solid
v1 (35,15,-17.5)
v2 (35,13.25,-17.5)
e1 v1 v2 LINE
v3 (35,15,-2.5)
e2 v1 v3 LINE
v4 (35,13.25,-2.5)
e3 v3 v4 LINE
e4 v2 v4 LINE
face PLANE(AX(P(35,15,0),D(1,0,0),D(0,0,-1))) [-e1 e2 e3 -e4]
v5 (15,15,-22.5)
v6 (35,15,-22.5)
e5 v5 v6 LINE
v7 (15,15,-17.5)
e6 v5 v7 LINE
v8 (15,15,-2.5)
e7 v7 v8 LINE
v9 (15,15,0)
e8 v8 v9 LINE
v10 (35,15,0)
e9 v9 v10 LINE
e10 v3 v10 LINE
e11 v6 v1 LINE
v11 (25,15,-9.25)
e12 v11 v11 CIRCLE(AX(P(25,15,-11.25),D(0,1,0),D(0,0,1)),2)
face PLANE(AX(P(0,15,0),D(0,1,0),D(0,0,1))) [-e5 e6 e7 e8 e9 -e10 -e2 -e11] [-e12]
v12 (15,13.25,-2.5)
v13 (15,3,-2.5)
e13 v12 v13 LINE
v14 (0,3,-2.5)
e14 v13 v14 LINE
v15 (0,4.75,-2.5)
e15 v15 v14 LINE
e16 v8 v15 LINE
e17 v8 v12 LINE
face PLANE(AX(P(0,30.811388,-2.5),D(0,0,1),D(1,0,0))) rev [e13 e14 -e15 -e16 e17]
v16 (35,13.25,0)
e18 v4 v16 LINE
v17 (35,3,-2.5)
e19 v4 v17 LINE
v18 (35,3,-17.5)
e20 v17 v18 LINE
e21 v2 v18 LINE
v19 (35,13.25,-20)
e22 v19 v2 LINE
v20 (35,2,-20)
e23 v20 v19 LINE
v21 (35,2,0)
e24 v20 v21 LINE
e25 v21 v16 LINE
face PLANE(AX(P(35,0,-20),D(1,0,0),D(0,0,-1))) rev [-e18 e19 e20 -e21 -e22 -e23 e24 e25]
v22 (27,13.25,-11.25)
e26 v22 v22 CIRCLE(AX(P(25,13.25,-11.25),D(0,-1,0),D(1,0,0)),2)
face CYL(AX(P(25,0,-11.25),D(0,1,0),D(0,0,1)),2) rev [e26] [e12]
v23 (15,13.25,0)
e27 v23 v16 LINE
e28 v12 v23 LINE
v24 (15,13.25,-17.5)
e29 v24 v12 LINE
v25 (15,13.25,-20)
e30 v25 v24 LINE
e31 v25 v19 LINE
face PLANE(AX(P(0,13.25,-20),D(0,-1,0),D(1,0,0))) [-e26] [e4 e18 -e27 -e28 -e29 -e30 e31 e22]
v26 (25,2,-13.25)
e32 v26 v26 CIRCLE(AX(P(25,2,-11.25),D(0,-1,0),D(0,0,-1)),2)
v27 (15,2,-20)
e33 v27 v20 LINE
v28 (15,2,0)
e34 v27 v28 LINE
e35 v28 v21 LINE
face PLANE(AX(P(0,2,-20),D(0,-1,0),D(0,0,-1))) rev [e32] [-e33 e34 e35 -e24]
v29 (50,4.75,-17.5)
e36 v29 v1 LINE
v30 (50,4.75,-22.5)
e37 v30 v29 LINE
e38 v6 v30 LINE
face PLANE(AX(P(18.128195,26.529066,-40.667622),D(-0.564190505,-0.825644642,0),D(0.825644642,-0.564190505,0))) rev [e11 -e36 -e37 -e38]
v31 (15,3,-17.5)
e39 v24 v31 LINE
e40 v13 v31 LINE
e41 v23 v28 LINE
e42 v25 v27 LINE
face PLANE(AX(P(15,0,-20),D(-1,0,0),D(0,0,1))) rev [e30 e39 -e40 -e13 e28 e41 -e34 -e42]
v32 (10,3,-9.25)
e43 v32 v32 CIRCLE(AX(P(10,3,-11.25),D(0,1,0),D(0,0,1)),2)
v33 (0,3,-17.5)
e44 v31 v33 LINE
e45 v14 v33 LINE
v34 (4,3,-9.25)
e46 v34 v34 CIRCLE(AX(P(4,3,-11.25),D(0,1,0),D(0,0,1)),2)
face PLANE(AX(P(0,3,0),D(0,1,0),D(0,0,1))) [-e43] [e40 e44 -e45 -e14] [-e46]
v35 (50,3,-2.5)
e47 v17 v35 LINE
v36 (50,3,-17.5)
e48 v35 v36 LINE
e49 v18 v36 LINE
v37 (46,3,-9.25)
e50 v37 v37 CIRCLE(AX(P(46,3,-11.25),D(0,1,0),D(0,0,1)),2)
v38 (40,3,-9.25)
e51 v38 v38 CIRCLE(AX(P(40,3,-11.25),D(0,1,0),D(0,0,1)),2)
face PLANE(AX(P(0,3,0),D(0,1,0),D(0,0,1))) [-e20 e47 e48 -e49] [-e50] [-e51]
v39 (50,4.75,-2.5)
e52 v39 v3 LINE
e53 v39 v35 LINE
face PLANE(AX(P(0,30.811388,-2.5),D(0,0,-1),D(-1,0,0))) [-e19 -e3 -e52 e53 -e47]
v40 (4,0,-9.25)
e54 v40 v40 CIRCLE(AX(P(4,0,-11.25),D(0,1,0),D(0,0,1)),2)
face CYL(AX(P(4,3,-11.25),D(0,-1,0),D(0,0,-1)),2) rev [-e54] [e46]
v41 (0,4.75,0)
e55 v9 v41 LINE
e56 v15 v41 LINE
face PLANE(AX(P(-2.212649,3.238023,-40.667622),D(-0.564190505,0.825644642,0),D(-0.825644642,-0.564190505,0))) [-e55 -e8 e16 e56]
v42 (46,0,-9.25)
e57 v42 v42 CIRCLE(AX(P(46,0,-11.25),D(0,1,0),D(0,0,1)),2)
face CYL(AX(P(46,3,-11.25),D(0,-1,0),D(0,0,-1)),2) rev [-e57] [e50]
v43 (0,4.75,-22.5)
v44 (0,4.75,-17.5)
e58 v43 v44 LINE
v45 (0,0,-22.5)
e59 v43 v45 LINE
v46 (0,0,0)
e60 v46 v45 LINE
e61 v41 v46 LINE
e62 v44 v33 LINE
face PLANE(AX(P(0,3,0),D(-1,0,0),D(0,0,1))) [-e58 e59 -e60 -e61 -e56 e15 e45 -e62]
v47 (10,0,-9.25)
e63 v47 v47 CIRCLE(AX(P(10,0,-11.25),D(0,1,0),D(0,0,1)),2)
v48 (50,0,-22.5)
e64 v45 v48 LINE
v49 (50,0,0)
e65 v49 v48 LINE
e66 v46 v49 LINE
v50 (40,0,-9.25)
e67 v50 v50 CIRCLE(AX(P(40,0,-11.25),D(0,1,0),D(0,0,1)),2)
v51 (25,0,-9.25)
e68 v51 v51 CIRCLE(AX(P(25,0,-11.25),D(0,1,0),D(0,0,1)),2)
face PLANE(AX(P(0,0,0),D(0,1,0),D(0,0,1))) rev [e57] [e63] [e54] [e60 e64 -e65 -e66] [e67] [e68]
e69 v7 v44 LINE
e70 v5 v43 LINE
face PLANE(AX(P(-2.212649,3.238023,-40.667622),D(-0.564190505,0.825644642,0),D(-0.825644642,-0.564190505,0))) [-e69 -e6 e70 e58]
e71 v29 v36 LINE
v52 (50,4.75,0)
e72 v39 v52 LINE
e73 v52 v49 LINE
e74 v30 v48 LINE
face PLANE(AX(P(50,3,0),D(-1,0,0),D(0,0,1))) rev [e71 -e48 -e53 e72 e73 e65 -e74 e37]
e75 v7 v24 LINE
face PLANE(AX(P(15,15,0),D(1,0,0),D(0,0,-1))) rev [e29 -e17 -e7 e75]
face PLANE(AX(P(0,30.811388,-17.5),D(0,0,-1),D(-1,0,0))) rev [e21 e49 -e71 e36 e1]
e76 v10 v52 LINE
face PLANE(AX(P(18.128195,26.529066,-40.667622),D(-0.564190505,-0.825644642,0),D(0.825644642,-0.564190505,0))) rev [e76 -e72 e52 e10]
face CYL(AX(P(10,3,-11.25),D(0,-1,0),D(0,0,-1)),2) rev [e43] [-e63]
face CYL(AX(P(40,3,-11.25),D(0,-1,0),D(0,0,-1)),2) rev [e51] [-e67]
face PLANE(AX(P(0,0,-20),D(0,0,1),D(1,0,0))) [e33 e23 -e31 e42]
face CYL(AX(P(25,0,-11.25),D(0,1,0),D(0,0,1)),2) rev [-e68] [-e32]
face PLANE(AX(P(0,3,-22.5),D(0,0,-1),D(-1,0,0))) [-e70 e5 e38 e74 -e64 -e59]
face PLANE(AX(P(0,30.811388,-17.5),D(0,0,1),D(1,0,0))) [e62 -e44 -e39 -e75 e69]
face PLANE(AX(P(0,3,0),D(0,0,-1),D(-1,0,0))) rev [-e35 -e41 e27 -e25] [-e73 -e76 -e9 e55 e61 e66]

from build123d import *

# Parameters (mm, degrees)
SKETCH1_W           = 20
SKETCH1_H           = 11.25
BOSS_EXTRUDE1_DEPTH = 3
SKETCH1_3_W         = 20
SKETCH1_3_H         = 11.25
BOSS_EXTRUDE2_DEPTH = 15
SKETCH2_W           = 20
SKETCH2_H           = 11.25
CUT_EXTRUDE1_DEPTH  = 20
BOSS_EXTRUDE3_REACH = 58.127
SKETCH3_W           = 15
SKETCH3_H           = 5
SKETCH3_H_2         = 2.5
CUT_EXTRUDE2_REACH  = 58.844
SKETCH5_R           = 2
CUT_EXTRUDE3_DEPTH  = 57.844085005


with BuildPart() as part:
    # Sketch1 → Boss-Extrude1 (new body)
    with BuildSketch(Plane(origin=(0, 0, 0), x_dir=(1, 0, 0), z_dir=(0, 1, 0))):
        with BuildLine():
            Line((15, 11.25), (15, 22.5))
            Line((15, 22.5), (0, 22.5))
            Line((0, 22.5), (0, 11.25))
            Line((0, 11.25), (2, 11.25))
            ThreePointArc((2, 11.25), (4, 13.25), (6, 11.25))
            Line((6, 11.25), (8, 11.25))
            ThreePointArc((8, 11.25), (10, 13.25), (12, 11.25))
            Line((12, 11.25), (15, 11.25))
        make_face()
        with BuildLine():
            Line((0, 0), (15, 0))
            Line((15, 0), (15, 11.25))
            Line((15, 11.25), (12, 11.25))
            ThreePointArc((12, 11.25), (10, 9.25), (8, 11.25))
            Line((8, 11.25), (6, 11.25))
            ThreePointArc((6, 11.25), (4, 9.25), (2, 11.25))
            Line((2, 11.25), (0, 11.25))
            Line((0, 11.25), (0, 0))
        make_face()
        with Locations((25, 5.625)):
            Rectangle(SKETCH1_W, SKETCH1_H)
        with Locations((25, 16.875)):
            Rectangle(SKETCH1_W, SKETCH1_H)
        with BuildLine():
            Line((50, 11.25), (48, 11.25))
            ThreePointArc((48, 11.25), (46, 9.25), (44, 11.25))
            Line((44, 11.25), (42, 11.25))
            ThreePointArc((42, 11.25), (40, 9.25), (38, 11.25))
            Line((38, 11.25), (35, 11.25))
            Line((35, 11.25), (35, 0))
            Line((35, 0), (50, 0))
            Line((50, 0), (50, 11.25))
        make_face()
        with BuildLine():
            ThreePointArc((44, 11.25), (46, 13.25), (48, 11.25))
            Line((48, 11.25), (50, 11.25))
            Line((50, 11.25), (50, 22.5))
            Line((50, 22.5), (35, 22.5))
            Line((35, 22.5), (35, 11.25))
            Line((35, 11.25), (38, 11.25))
            ThreePointArc((38, 11.25), (40, 13.25), (42, 11.25))
            Line((42, 11.25), (44, 11.25))
        make_face()
    extrude(amount=BOSS_EXTRUDE1_DEPTH)

    # Sketch1<3> → Boss-Extrude2 (add)
    with BuildSketch(Plane(origin=(0, 0, 0), x_dir=(1, 0, 0), z_dir=(0, 1, 0))):
        with Locations((25, 5.625)):
            Rectangle(SKETCH1_3_W, SKETCH1_3_H)
        with Locations((25, 16.875)):
            Rectangle(SKETCH1_3_W, SKETCH1_3_H)
    extrude(amount=BOSS_EXTRUDE2_DEPTH)

    # Sketch2 → Cut-Extrude1 (cut)
    with BuildSketch(Plane.XY):
        with Locations((25, 7.625)):
            Rectangle(SKETCH2_W, SKETCH2_H)
    extrude(amount=-CUT_EXTRUDE1_DEPTH, mode=Mode.SUBTRACT)

    # Boss-Extrude3: up to this face of the body (flat: up to its plane)
    boss_extrude3_end = Plane(part.part.faces().sort_by_distance((25, 15, -11.25))[0])
    # Sketch3 → Boss-Extrude3 (add, up to the picked face)
    with BuildSketch(Plane(origin=(0, 3, 0), x_dir=(1, 0, 0), z_dir=(0, 1, 0)), mode=Mode.PRIVATE) as boss_extrude3_sk1:
        with Locations((42.5, 20)):
            Rectangle(SKETCH3_W, SKETCH3_H)
    boss_extrude3_tool1 = split(extrude(boss_extrude3_sk1.sketch, amount=BOSS_EXTRUDE3_REACH, mode=Mode.PRIVATE), bisect_by=boss_extrude3_end, keep=Keep.BOTH, mode=Mode.PRIVATE)
    # Sketch3 → Boss-Extrude3 (add, up to the picked face)
    with BuildSketch(Plane(origin=(0, 3, 0), x_dir=(1, 0, 0), z_dir=(0, 1, 0)), mode=Mode.PRIVATE) as boss_extrude3_sk2:
        with Locations((7.5, 20)):
            Rectangle(SKETCH3_W, SKETCH3_H)
    boss_extrude3_tool2 = split(extrude(boss_extrude3_sk2.sketch, amount=BOSS_EXTRUDE3_REACH, mode=Mode.PRIVATE), bisect_by=boss_extrude3_end, keep=Keep.BOTH, mode=Mode.PRIVATE)
    # Sketch3 → Boss-Extrude3 (add, up to the picked face)
    with BuildSketch(Plane(origin=(0, 3, 0), x_dir=(1, 0, 0), z_dir=(0, 1, 0)), mode=Mode.PRIVATE) as boss_extrude3_sk3:
        with Locations((7.5, 1.25)):
            Rectangle(SKETCH3_W, SKETCH3_H_2)
    boss_extrude3_tool3 = split(extrude(boss_extrude3_sk3.sketch, amount=BOSS_EXTRUDE3_REACH, mode=Mode.PRIVATE), bisect_by=boss_extrude3_end, keep=Keep.BOTH, mode=Mode.PRIVATE)
    # Sketch3 → Boss-Extrude3 (add, up to the picked face)
    with BuildSketch(Plane(origin=(0, 3, 0), x_dir=(1, 0, 0), z_dir=(0, 1, 0)), mode=Mode.PRIVATE) as boss_extrude3_sk4:
        with Locations((42.5, 1.25)):
            Rectangle(SKETCH3_W, SKETCH3_H_2)
    boss_extrude3_tool4 = split(extrude(boss_extrude3_sk4.sketch, amount=BOSS_EXTRUDE3_REACH, mode=Mode.PRIVATE), bisect_by=boss_extrude3_end, keep=Keep.BOTH, mode=Mode.PRIVATE)
    add(boss_extrude3_tool1.solids().sort_by(Axis((42.5, 3, -20), (0, 1, 0)))[0])
    add(boss_extrude3_tool2.solids().sort_by(Axis((7.5, 3, -20), (0, 1, 0)))[0])
    add(boss_extrude3_tool3.solids().sort_by(Axis((7.5, 3, -1.25), (0, 1, 0)))[0])
    add(boss_extrude3_tool4.solids().sort_by(Axis((42.5, 3, -1.25), (0, 1, 0)))[0])

    # Cut-Extrude2: up to this face of the body (flat: up to its plane)
    cut_extrude2_end = Plane(part.part.faces().sort_by_distance((25, 7.5, -22.5))[0])
    # Sketch4 → Cut-Extrude2 (cut, up to the picked face)
    with BuildSketch(Plane.XY, mode=Mode.PRIVATE) as cut_extrude2_sk1:
        Polygon((0, 4.75), (15, 15), (0, 15), align=None)
    cut_extrude2_tool1 = split(extrude(cut_extrude2_sk1.sketch, amount=-CUT_EXTRUDE2_REACH, mode=Mode.PRIVATE), bisect_by=cut_extrude2_end, keep=Keep.BOTH, mode=Mode.PRIVATE)
    # Sketch4 → Cut-Extrude2 (cut, up to the picked face)
    with BuildSketch(Plane.XY, mode=Mode.PRIVATE) as cut_extrude2_sk2:
        Polygon((50, 15), (35, 15), (50, 4.75), align=None)
    cut_extrude2_tool2 = split(extrude(cut_extrude2_sk2.sketch, amount=-CUT_EXTRUDE2_REACH, mode=Mode.PRIVATE), bisect_by=cut_extrude2_end, keep=Keep.BOTH, mode=Mode.PRIVATE)
    add(cut_extrude2_tool1.solids().sort_by(Axis((5, 11.583333, 0), (0, 0, -1)))[0], mode=Mode.SUBTRACT)
    add(cut_extrude2_tool2.solids().sort_by(Axis((45, 11.583333, 0), (0, 0, -1)))[0], mode=Mode.SUBTRACT)

    # Sketch5 → Cut-Extrude3 (cut, through all)
    with BuildSketch(Plane(origin=(0, 15, 0), x_dir=(1, 0, 0), z_dir=(0, 1, 0))):
        with Locations(Location((25, 11.25, 0), (0, 0, 270))):
            Circle(SKETCH5_R)
    extrude(amount=-CUT_EXTRUDE3_DEPTH, mode=Mode.SUBTRACT)


solid = part.part
